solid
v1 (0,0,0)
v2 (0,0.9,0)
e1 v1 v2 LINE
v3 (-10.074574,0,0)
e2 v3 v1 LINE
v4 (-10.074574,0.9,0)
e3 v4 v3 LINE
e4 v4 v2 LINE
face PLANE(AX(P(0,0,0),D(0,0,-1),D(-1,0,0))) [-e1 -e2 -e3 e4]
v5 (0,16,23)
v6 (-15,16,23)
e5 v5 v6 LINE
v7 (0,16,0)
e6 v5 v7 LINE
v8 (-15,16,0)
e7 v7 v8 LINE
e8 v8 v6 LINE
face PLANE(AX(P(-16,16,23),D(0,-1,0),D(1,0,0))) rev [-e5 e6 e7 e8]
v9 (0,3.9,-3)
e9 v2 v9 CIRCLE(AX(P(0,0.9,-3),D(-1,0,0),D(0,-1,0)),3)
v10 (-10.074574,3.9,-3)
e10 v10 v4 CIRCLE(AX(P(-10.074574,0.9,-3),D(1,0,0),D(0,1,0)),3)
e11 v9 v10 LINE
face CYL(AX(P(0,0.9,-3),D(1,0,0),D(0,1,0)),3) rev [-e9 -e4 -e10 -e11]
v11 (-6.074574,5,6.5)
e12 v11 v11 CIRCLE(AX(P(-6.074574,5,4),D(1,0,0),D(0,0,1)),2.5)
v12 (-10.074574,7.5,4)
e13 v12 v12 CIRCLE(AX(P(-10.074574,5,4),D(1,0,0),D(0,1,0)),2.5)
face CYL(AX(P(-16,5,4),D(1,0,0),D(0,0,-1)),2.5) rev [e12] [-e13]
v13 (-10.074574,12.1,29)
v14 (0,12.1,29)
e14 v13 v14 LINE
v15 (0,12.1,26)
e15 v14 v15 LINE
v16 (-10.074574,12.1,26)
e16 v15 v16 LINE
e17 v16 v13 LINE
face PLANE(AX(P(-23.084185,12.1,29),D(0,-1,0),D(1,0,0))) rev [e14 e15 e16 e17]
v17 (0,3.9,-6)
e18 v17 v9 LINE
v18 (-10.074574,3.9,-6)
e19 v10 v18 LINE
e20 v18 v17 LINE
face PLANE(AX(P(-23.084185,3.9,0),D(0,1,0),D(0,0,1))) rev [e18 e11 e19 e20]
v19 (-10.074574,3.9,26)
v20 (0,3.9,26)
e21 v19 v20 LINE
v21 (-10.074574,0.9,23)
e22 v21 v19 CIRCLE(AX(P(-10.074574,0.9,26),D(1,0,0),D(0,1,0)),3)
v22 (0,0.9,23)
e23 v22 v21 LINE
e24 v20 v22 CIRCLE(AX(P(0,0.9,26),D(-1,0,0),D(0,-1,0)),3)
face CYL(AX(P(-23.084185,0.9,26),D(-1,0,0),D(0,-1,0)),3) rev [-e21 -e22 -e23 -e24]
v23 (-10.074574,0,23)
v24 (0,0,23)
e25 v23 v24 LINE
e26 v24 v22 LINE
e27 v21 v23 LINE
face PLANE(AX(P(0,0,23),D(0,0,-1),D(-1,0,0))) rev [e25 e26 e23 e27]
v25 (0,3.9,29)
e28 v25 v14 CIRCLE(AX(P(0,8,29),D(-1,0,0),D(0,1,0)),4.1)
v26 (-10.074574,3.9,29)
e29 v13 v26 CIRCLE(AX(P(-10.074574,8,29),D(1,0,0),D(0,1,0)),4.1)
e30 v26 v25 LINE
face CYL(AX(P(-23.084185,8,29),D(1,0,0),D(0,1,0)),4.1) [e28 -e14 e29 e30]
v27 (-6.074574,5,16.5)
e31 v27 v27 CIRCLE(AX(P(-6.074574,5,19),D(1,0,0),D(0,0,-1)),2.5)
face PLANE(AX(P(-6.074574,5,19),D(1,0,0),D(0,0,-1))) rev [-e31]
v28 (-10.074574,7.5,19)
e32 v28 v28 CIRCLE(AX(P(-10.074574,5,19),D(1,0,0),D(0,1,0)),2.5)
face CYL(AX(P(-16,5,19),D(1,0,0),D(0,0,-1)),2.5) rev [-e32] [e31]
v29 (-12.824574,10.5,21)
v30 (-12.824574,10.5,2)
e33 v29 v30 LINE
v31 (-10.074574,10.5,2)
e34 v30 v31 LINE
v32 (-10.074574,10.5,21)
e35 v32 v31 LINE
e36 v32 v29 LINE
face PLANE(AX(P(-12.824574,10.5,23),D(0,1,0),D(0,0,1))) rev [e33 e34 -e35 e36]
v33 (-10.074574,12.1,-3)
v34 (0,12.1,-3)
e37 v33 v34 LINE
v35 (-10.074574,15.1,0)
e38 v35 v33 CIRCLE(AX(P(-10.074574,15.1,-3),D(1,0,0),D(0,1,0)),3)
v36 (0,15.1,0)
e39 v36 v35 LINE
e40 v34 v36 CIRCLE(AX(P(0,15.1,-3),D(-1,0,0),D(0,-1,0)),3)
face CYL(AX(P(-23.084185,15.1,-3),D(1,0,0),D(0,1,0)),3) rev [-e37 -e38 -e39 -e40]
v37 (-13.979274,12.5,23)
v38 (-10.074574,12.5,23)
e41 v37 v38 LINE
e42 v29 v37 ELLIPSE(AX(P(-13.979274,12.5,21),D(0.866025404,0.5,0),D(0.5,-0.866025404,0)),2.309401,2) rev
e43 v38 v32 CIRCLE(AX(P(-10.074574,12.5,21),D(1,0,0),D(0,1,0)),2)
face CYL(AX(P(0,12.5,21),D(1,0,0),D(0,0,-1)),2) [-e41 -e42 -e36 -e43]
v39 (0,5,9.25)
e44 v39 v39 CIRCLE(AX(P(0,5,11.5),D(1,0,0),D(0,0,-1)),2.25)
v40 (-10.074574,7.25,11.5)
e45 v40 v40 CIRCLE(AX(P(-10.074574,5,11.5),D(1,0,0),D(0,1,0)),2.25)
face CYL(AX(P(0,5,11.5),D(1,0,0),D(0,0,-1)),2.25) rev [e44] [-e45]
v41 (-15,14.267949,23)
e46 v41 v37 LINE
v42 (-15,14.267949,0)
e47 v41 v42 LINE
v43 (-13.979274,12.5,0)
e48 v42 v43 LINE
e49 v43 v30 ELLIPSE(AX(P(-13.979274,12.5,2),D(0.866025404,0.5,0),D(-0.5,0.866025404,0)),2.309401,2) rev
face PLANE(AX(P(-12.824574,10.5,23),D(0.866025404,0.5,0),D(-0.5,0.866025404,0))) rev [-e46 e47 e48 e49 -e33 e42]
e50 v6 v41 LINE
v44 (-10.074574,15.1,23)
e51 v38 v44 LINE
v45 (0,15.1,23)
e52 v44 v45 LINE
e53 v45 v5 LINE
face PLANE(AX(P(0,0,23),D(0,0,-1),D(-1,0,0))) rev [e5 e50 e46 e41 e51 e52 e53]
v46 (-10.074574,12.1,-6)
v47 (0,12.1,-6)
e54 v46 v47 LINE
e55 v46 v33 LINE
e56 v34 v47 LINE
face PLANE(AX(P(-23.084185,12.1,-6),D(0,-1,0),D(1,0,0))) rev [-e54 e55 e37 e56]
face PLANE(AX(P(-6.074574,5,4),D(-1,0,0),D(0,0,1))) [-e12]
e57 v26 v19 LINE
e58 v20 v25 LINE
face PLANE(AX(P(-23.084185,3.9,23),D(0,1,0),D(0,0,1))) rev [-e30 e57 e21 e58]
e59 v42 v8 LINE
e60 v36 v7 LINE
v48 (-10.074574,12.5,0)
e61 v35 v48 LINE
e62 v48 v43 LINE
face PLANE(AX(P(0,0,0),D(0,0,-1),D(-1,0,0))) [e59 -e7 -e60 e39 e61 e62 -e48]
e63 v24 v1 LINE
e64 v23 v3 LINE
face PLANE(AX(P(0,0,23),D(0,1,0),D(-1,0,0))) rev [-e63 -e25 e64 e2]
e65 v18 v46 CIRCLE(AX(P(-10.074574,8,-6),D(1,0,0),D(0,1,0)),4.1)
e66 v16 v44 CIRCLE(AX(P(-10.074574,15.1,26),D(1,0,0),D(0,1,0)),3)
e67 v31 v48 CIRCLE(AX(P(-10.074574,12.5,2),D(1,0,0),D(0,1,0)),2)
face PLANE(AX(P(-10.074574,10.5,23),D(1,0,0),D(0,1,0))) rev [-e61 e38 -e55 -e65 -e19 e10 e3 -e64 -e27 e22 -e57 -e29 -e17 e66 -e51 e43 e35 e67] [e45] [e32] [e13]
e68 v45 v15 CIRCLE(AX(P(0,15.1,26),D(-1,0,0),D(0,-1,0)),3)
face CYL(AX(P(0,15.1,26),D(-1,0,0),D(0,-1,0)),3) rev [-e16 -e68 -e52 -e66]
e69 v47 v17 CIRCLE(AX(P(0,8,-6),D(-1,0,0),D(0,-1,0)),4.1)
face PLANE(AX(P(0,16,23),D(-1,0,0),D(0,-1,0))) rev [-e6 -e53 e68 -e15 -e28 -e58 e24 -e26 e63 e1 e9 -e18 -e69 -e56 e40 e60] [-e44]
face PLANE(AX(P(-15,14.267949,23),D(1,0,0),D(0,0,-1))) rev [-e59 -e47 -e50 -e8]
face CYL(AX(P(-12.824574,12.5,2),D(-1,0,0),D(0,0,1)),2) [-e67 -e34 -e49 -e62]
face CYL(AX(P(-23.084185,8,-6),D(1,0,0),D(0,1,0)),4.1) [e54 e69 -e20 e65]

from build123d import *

# Parameters (mm, degrees)
EXTRUDE_1_DEPTH          = 23
SKETCH_2_R               = 2.5
CUT_EXTRUDE_1_DEPTH      = 4
CUT_EXTRUDE_1_DEPTH_BACK = 30.774100013
HOLE_WIZARD_M41_D        = 4.5
CHAMFER_1_SIZE           = 1
CHAMFER_1_SIZE2          = 2
EXTRUDE_2_DEPTH          = 10.074573519
FILLET_1_R               = 3
FILLET_2_R               = 2


with BuildPart() as part:
    # Эскиз1 → Бобышка-Вытянуть1 (new body)
    with BuildSketch(Plane.XY):
        Polygon((0, 0), (-10.074573519, 0), (-10.074573519, 10.5), (-12.824573519, 10.5), (-16, 16), (0, 16), align=None)
    extrude(amount=EXTRUDE_1_DEPTH)

    # Эскиз2 → Вырез-Вытянуть1 (cut, two sides)
    with BuildSketch(Plane(origin=(-10.074573519, 0, 0), x_dir=(0, 0, -1), z_dir=(1, 0, 0))) as cut_extrude_1_sk:
        with Locations((-19, 5)):
            Circle(SKETCH_2_R)
        with Locations(Location((-4, 5, 0), (0, 0, 90))):
            Circle(SKETCH_2_R)
    extrude(amount=CUT_EXTRUDE_1_DEPTH, mode=Mode.SUBTRACT)
    extrude(cut_extrude_1_sk.sketch, amount=-CUT_EXTRUDE_1_DEPTH_BACK, mode=Mode.SUBTRACT)

    # Отверстие с зазором M41 (through all)
    with Locations(Plane(origin=(0, 1.542761086, 4.525415006), x_dir=(0, 0, 1), z_dir=(1, 0, 0))):
        with Locations((6.974584994, -3.457238914)):
            Hole(HOLE_WIZARD_M41_D / 2)

    # Фаска1
    chamfer_1_edges = [part.edges().sort_by_distance(p)[0] for p in [
        (-16, 16, 11.5),
    ]]
    chamfer_1_side = [part.faces().sort_by_distance(p)[0] for p in [
        (-8, 16, 11.5),
    ]]
    chamfer(chamfer_1_edges, length=CHAMFER_1_SIZE, length2=CHAMFER_1_SIZE2, reference=chamfer_1_side[0])

    # Эскиз7 → Бобышка-Вытянуть2 (add)
    with BuildSketch(Plane.ZY):
        with BuildLine():
            Line((-6, 12.1), (0, 12.1))
            Line((0, 12.1), (0, 3.9))
            Line((0, 3.9), (-6, 3.9))
            ThreePointArc((-6, 3.9), (-10.1, 8), (-6, 12.1))
        make_face()
        with BuildLine():
            Line((23, 12.1), (23, 3.9))
            Line((23, 3.9), (29, 3.9))
            ThreePointArc((29, 3.9), (33.1, 8), (29, 12.1))
            Line((29, 12.1), (23, 12.1))
        make_face()
    extrude(amount=EXTRUDE_2_DEPTH)

    # Скругление1
    fillet_1_edges = [part.edges().sort_by_distance(p)[0] for p in [
        (-5.037286759, 3.9, 23),
        (-5.03728676, 12.1, 23),
        (-5.03728676, 12.1, 0),
        (-5.037286759, 3.9, 0),
    ]]
    fillet(fillet_1_edges, radius=FILLET_1_R)

    # Скругление2
    fillet_2_edges = [part.edges().sort_by_distance(p)[0] for p in [
        (-11.449573519, 10.5, 23),
        (-11.449573519, 10.5, 0),
    ]]
    fillet(fillet_2_edges, radius=FILLET_2_R)


solid = part.part
